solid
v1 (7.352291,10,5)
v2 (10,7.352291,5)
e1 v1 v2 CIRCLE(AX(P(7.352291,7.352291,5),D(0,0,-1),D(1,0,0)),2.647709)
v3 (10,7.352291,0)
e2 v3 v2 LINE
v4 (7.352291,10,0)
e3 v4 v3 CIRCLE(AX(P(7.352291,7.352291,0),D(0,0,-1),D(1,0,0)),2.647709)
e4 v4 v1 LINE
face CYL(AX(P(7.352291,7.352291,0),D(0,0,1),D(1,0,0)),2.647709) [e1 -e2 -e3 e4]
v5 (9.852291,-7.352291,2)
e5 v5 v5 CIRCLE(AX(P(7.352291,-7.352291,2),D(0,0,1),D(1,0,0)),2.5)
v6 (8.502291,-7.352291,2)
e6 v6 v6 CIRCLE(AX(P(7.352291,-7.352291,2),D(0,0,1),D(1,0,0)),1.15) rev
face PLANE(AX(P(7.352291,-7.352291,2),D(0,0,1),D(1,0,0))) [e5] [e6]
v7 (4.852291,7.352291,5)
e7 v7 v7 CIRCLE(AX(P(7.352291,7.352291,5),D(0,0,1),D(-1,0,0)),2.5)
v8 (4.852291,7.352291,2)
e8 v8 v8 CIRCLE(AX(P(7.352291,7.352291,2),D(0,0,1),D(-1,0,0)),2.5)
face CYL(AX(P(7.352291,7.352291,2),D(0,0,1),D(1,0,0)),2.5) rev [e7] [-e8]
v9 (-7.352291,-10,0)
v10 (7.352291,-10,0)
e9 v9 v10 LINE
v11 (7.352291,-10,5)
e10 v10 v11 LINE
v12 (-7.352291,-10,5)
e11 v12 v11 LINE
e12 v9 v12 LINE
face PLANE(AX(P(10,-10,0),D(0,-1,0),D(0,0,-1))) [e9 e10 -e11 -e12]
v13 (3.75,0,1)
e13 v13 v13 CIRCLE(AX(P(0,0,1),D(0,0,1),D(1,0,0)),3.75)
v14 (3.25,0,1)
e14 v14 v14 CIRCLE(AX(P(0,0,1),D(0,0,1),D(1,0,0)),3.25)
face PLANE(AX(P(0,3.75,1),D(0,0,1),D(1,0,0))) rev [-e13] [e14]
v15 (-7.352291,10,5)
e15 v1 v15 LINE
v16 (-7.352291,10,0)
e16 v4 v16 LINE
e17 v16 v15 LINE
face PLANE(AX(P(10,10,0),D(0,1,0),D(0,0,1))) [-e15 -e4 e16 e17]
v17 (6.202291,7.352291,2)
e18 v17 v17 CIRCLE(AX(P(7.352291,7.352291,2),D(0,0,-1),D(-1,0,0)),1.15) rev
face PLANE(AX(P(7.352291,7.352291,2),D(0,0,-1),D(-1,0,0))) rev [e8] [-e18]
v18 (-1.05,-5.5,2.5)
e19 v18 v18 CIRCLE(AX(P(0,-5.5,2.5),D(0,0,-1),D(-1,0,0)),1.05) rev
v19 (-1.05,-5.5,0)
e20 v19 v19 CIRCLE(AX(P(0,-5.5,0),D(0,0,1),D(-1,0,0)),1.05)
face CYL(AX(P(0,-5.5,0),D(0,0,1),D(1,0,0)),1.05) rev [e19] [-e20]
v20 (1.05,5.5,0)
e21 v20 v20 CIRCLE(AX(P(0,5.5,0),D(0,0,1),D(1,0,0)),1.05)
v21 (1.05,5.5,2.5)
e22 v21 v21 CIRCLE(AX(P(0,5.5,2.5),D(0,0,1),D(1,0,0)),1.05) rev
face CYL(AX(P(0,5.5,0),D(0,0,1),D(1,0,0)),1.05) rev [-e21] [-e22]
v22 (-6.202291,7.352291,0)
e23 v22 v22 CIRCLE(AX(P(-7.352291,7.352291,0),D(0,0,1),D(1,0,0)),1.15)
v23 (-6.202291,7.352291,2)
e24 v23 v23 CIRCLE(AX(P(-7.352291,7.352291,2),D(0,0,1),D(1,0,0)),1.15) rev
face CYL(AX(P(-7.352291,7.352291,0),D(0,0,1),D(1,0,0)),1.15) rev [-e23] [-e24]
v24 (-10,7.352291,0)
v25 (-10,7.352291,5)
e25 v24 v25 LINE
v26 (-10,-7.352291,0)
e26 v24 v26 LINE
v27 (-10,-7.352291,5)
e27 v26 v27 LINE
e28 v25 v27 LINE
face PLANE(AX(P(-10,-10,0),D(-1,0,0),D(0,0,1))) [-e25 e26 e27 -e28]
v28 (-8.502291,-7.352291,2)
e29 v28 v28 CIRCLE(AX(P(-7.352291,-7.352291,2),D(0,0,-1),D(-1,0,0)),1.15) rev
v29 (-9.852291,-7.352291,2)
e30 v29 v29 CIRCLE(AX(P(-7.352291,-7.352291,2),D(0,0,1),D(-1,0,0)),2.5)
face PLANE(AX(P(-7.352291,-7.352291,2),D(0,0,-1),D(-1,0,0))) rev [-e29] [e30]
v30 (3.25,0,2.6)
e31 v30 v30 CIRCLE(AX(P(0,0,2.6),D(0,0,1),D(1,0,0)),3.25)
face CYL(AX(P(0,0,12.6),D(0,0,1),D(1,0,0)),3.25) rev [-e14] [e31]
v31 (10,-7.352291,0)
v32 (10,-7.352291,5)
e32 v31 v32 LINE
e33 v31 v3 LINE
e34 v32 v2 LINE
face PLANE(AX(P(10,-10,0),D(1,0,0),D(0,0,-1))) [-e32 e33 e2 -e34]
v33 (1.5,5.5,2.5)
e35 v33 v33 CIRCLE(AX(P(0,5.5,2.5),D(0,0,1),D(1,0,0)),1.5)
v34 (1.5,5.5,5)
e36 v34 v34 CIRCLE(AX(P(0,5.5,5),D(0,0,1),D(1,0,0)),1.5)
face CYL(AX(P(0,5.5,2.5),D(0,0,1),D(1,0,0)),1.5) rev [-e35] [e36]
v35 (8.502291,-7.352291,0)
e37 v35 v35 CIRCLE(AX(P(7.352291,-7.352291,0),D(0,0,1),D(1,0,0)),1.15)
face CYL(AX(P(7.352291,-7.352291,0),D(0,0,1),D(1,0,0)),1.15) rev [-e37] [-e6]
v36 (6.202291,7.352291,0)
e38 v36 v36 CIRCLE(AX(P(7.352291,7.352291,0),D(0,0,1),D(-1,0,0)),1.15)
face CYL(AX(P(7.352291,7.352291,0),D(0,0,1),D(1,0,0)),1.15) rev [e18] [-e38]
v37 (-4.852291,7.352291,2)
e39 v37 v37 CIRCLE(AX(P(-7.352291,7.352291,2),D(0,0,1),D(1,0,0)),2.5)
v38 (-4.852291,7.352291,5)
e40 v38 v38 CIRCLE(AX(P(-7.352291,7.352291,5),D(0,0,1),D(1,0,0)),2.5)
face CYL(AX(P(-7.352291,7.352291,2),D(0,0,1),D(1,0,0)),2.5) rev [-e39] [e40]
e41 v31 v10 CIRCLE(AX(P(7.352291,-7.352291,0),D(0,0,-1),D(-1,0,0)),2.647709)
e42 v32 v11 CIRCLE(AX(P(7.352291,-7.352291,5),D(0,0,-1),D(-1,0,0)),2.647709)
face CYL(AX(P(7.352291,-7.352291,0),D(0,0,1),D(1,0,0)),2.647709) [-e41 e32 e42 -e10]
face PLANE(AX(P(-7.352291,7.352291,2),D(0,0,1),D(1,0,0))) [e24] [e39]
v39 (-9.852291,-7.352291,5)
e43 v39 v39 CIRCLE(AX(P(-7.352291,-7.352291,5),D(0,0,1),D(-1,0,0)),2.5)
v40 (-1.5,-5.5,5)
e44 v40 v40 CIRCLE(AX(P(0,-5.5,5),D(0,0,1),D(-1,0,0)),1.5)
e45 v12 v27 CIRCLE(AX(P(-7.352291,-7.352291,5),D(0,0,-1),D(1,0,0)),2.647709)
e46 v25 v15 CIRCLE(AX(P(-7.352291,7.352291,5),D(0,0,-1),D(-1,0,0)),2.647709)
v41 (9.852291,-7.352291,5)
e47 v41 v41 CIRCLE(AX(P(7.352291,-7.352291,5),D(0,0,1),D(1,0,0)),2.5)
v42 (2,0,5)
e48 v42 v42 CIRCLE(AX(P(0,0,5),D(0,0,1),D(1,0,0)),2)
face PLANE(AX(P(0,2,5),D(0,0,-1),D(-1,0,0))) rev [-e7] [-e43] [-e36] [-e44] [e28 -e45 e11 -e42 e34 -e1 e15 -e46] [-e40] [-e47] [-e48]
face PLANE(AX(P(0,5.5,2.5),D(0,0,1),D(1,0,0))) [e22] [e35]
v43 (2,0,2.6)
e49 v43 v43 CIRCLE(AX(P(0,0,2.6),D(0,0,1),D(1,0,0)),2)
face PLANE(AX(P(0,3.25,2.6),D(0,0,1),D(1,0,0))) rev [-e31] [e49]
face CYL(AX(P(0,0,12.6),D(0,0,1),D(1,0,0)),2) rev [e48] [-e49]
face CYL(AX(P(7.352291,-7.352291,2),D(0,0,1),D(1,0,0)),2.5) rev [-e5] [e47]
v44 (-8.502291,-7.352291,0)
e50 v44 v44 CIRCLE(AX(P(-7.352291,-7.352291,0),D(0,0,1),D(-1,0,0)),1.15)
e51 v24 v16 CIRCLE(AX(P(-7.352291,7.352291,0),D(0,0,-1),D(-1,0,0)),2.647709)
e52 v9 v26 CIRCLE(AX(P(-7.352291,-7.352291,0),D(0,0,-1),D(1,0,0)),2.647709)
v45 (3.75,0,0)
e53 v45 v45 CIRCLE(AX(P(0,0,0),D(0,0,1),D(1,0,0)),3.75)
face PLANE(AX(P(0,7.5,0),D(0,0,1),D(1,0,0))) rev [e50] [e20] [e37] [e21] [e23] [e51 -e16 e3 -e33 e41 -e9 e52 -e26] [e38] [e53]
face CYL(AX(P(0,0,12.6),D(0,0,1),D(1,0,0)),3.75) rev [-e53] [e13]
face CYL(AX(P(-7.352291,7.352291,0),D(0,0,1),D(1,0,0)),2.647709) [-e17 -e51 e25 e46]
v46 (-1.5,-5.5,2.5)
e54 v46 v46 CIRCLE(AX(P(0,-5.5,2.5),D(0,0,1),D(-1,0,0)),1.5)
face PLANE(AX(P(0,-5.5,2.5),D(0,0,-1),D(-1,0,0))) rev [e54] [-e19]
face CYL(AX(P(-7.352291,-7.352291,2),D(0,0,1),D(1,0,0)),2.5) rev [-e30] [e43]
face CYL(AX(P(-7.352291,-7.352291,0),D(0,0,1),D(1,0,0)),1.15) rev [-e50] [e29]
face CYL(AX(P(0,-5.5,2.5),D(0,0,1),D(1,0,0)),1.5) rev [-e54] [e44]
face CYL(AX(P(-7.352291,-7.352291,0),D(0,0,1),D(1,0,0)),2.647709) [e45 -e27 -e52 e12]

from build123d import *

# Parameters (mm, degrees)
SKIZZE3_W                       = 20
SKIZZE3_H                       = 20
SKIZZE3_R                       = 7.5
AUFSATZ_LINEAR_AUSTRAGEN2_DEPTH = 5
SKIZZE4_R                       = 1.05
SCHNITT_LINEAR_AUSTRAGEN1_DEPTH = 6
SKIZZE5_R                       = 1.5
SCHNITT_LINEAR_AUSTRAGEN2_DEPTH = 2.5
SCHNITT_LINEAR_AUSTRAGEN3_DEPTH = 6
SKIZZE7_R                       = 1.15
SCHNITT_LINEAR_AUSTRAGEN4_DEPTH = 6
SKIZZE8_R                       = 2.5
SCHNITT_LINEAR_AUSTRAGEN5_DEPTH = 3


with BuildPart() as part:
    # Skizze2 → Rotation1 (revolve)
    with BuildSketch(Plane(origin=(0, 0, 0), x_dir=(0, 0, -1), z_dir=(1, 0, 0))):
        Polygon((0, 3.75), (-1, 3.75), (-1, 3.25), (-2.6, 3.25), (-2.6, 2), (-5, 2), (-5, 7.5), (0, 7.5), align=None)
    revolve(axis=Axis((0, 0, 12.6), (0, 0, -1)))

    # Skizze3 → Aufsatz-Linear austragen2 (add, through all)
    with BuildSketch(Plane.XY.offset(5)):
        Rectangle(SKIZZE3_W, SKIZZE3_H)
        Circle(SKIZZE3_R, mode=Mode.SUBTRACT)
    extrude(amount=-AUFSATZ_LINEAR_AUSTRAGEN2_DEPTH)

    # Skizze4 → Schnitt-Linear austragen1 (cut, through all)
    with BuildSketch(Plane.XY.offset(5)):
        with Locations((0, 5.5)):
            Circle(SKIZZE4_R)
        with Locations((0, -5.5)):
            Circle(SKIZZE4_R)
    extrude(amount=-SCHNITT_LINEAR_AUSTRAGEN1_DEPTH, mode=Mode.SUBTRACT)

    # Skizze5 → Schnitt-Linear austragen2 (cut)
    with BuildSketch(Plane.XY.offset(5)):
        with Locations((0, 5.5)):
            Circle(SKIZZE5_R)
        with Locations((0, -5.5)):
            Circle(SKIZZE5_R)
    extrude(amount=-SCHNITT_LINEAR_AUSTRAGEN2_DEPTH, mode=Mode.SUBTRACT)

    # Skizze6 → Schnitt-Linear austragen3 (cut, through all)
    with BuildSketch(Plane.XY.offset(5)):
        with BuildLine():
            Line((-10, 7.352290732), (-10.887824638, 7.352290732))
            Line((-10.887824638, 7.352290732), (-10.887824638, 10.887824638))
            Line((-10.887824638, 10.887824638), (-7.352290732, 10.887824638))
            Line((-7.352290732, 10.887824638), (-7.352290732, 10))
            ThreePointArc((-7.352290732, 10), (-9.22450391, 9.22450391), (-10, 7.352290732))
        make_face()
        with BuildLine():
            Line((7.352290732, 10.887824638), (7.352290732, 10))
            ThreePointArc((7.352290732, 10), (9.22450391, 9.22450391), (10, 7.352290732))
            Line((10, 7.352290732), (10.887824638, 7.352290732))
            Line((10.887824638, 7.352290732), (10.887824638, 10.887824638))
            Line((10.887824638, 10.887824638), (7.352290732, 10.887824638))
        make_face()
        with BuildLine():
            Line((10, -7.352290732), (10.887824638, -7.352290732))
            Line((10.887824638, -7.352290732), (10.887824638, -10.887824638))
            Line((10.887824638, -10.887824638), (7.352290732, -10.887824638))
            Line((7.352290732, -10.887824638), (7.352290732, -10))
            ThreePointArc((7.352290732, -10), (9.22450391, -9.22450391), (10, -7.352290732))
        make_face()
        with BuildLine():
            Line((-7.352290732, -10.887824638), (-7.352290732, -10))
            ThreePointArc((-7.352290732, -10), (-9.22450391, -9.22450391), (-10, -7.352290732))
            Line((-10, -7.352290732), (-10.887824638, -7.352290732))
            Line((-10.887824638, -7.352290732), (-10.887824638, -10.887824638))
            Line((-10.887824638, -10.887824638), (-7.352290732, -10.887824638))
        make_face()
    extrude(amount=-SCHNITT_LINEAR_AUSTRAGEN3_DEPTH, mode=Mode.SUBTRACT)

    # Skizze7 → Schnitt-Linear austragen4 (cut, through all)
    with BuildSketch(Plane.XY.offset(5)):
        with Locations((-7.352290732, 7.352290732)):
            Circle(SKIZZE7_R)
        with Locations((7.352290732, 7.352290732)):
            Circle(SKIZZE7_R)
        with Locations((7.352290732, -7.352290732)):
            Circle(SKIZZE7_R)
        with Locations((-7.352290732, -7.352290732)):
            Circle(SKIZZE7_R)
    extrude(amount=-SCHNITT_LINEAR_AUSTRAGEN4_DEPTH, mode=Mode.SUBTRACT)

    # Skizze8 → Schnitt-Linear austragen5 (cut)
    with BuildSketch(Plane.XY.offset(5)):
        with Locations((-7.352290732, 7.352290732)):
            Circle(SKIZZE8_R)
        with Locations((7.352290732, 7.352290732)):
            Circle(SKIZZE8_R)
        with Locations((7.352290732, -7.352290732)):
            Circle(SKIZZE8_R)
        with Locations((-7.352290732, -7.352290732)):
            Circle(SKIZZE8_R)
    extrude(amount=-SCHNITT_LINEAR_AUSTRAGEN5_DEPTH, mode=Mode.SUBTRACT)


solid = part.part
